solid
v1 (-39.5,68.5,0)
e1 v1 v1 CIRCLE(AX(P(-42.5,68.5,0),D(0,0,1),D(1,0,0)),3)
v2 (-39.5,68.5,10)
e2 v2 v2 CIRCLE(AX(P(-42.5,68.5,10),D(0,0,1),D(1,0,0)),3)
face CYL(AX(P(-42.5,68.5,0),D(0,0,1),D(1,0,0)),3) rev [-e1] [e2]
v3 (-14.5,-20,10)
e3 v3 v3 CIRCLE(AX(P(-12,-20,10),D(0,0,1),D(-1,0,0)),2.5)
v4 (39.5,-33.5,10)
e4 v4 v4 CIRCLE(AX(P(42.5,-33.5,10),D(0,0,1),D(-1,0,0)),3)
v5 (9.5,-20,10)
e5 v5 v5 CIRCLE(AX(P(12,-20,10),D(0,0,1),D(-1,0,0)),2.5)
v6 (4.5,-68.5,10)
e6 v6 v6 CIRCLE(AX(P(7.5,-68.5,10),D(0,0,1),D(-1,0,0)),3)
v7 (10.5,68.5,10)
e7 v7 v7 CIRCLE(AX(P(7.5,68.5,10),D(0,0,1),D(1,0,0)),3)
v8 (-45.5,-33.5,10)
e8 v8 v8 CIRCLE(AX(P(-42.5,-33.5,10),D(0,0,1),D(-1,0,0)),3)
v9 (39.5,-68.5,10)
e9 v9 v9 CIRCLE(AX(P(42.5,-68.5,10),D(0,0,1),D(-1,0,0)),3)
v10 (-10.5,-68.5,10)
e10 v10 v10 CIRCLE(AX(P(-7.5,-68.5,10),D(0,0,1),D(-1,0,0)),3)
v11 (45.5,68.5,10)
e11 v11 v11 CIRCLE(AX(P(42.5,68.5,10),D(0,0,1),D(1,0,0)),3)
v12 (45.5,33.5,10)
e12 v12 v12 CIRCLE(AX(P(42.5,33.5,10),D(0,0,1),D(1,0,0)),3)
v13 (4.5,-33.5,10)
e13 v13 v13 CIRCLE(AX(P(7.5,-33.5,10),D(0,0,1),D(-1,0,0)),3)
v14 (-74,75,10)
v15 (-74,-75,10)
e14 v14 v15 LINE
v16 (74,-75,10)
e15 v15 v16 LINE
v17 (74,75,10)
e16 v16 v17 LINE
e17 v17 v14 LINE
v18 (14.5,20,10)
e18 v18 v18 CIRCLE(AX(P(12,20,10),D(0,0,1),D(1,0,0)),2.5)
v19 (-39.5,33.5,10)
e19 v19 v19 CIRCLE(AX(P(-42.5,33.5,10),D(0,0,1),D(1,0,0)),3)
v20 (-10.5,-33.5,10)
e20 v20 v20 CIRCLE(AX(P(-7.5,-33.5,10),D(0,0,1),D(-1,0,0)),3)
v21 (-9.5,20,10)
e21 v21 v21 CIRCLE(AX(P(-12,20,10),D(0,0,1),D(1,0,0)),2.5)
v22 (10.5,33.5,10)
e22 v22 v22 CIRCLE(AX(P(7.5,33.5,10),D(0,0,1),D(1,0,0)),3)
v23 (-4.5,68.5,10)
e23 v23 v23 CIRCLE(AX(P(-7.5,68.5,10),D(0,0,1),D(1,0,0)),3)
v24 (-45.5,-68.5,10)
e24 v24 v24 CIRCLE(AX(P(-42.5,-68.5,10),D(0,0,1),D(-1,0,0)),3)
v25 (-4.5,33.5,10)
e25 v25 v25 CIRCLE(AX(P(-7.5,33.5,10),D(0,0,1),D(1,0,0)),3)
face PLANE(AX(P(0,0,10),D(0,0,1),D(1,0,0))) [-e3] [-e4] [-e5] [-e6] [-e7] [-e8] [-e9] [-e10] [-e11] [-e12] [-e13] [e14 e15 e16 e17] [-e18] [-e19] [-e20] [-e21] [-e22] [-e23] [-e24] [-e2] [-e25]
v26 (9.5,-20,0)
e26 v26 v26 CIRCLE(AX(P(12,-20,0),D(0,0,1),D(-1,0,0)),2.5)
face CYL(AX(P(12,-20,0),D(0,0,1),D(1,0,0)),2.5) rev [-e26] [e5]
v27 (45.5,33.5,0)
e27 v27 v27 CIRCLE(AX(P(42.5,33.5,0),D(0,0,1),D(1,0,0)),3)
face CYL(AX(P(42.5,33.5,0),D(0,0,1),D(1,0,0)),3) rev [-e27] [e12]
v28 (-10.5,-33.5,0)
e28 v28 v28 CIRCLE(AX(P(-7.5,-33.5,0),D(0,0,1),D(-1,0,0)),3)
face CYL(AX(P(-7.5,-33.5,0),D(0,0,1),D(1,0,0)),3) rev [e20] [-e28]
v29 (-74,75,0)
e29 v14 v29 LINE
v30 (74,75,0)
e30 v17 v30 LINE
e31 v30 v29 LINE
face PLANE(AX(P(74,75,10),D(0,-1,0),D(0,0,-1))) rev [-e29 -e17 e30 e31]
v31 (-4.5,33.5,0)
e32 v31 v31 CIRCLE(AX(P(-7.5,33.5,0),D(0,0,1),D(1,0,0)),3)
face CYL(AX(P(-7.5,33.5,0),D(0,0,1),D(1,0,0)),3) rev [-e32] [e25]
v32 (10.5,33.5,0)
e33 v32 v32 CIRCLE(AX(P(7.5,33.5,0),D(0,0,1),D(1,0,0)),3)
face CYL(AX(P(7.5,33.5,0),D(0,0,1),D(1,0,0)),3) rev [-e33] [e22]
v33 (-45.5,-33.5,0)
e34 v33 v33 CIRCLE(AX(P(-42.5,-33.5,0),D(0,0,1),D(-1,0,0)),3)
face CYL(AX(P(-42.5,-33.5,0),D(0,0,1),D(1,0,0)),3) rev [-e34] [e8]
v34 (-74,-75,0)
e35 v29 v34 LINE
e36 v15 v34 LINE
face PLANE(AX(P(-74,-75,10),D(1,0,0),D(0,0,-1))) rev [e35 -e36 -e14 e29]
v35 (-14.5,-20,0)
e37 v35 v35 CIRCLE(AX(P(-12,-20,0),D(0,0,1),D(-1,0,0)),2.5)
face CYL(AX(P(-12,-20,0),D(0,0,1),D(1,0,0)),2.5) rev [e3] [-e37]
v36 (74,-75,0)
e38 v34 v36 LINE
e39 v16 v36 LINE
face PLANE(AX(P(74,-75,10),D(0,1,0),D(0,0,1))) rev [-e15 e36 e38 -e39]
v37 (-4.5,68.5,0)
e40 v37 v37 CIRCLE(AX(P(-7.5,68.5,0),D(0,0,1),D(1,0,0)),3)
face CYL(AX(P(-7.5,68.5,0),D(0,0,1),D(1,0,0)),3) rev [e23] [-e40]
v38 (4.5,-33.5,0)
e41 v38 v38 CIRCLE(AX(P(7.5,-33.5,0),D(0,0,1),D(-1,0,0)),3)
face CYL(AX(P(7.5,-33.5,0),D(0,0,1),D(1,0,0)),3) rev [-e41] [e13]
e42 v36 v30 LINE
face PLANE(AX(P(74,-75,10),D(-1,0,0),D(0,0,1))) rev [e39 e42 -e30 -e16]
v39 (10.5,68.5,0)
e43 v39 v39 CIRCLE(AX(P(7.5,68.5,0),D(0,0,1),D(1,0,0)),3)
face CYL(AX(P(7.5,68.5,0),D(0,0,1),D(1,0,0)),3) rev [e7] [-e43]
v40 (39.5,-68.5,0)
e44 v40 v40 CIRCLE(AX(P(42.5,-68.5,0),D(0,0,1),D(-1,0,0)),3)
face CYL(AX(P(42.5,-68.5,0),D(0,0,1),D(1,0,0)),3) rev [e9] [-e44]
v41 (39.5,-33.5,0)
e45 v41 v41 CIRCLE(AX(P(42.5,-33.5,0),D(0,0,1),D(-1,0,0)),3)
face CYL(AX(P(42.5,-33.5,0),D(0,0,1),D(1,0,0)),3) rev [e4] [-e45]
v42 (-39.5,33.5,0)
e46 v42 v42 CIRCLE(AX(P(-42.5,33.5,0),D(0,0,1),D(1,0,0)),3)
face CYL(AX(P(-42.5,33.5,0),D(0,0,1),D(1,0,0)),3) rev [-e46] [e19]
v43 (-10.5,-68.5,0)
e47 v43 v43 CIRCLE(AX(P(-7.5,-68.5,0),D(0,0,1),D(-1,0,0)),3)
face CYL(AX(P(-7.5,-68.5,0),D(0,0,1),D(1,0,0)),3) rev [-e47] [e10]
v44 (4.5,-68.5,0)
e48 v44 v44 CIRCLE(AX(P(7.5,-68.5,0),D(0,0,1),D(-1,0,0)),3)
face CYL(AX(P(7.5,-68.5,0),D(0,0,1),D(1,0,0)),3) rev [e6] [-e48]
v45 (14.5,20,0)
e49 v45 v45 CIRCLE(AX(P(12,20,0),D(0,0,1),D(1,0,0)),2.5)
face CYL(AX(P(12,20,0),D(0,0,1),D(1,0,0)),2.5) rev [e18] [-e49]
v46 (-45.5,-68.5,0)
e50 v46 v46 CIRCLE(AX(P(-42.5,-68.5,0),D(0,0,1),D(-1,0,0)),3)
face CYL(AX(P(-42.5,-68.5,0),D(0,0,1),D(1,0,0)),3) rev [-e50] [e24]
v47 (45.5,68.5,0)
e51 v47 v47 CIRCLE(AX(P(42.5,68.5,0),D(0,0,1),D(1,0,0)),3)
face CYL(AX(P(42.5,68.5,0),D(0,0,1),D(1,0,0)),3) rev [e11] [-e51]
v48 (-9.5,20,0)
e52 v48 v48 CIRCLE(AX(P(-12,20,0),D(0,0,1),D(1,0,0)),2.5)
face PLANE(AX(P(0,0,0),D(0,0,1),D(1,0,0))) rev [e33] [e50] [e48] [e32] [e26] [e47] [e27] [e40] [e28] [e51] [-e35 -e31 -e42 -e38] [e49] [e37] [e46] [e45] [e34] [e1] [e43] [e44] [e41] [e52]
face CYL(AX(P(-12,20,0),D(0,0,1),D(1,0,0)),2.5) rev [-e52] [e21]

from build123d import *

# Parameters (mm, degrees)
SKETCH1_W           = 148
SKETCH1_H           = 150
BOSS_EXTRUDE1_DEPTH = 10
SKETCH2_R           = 3
SKETCH2_R_2         = 2.5
CUT_EXTRUDE1_DEPTH  = 11


with BuildPart() as part:
    # Sketch1 → Boss-Extrude1 (new body)
    with BuildSketch(Plane.XY):
        Rectangle(SKETCH1_W, SKETCH1_H)
    extrude(amount=BOSS_EXTRUDE1_DEPTH)

    # Sketch2 → Cut-Extrude1 (cut, through all)
    with BuildSketch(Plane.XY.offset(10)):
        with Locations((-42.5, 68.5)):
            Circle(SKETCH2_R)
        with Locations((-42.5, 33.5)):
            Circle(SKETCH2_R)
        with Locations((42.5, 33.5)):
            Circle(SKETCH2_R)
        with Locations((42.5, 68.5)):
            Circle(SKETCH2_R)
        with Locations((-7.5, 68.5)):
            Circle(SKETCH2_R)
        with Locations((7.5, 68.5)):
            Circle(SKETCH2_R)
        with Locations((-7.5, 33.5)):
            Circle(SKETCH2_R)
        with Locations((7.5, 33.5)):
            Circle(SKETCH2_R)
        with Locations((-12, 20)):
            Circle(SKETCH2_R_2)
        with Locations((12, 20)):
            Circle(SKETCH2_R_2)
        with Locations((12, -20)):
            Circle(SKETCH2_R_2)
        with Locations((-12, -20)):
            Circle(SKETCH2_R_2)
        with Locations((7.5, -33.5)):
            Circle(SKETCH2_R)
        with Locations((-7.5, -33.5)):
            Circle(SKETCH2_R)
        with Locations((7.5, -68.5)):
            Circle(SKETCH2_R)
        with Locations((-7.5, -68.5)):
            Circle(SKETCH2_R)
        with Locations((42.5, -68.5)):
            Circle(SKETCH2_R)
        with Locations((42.5, -33.5)):
            Circle(SKETCH2_R)
        with Locations((-42.5, -33.5)):
            Circle(SKETCH2_R)
        with Locations((-42.5, -68.5)):
            Circle(SKETCH2_R)
    extrude(amount=-CUT_EXTRUDE1_DEPTH, mode=Mode.SUBTRACT)


solid = part.part
